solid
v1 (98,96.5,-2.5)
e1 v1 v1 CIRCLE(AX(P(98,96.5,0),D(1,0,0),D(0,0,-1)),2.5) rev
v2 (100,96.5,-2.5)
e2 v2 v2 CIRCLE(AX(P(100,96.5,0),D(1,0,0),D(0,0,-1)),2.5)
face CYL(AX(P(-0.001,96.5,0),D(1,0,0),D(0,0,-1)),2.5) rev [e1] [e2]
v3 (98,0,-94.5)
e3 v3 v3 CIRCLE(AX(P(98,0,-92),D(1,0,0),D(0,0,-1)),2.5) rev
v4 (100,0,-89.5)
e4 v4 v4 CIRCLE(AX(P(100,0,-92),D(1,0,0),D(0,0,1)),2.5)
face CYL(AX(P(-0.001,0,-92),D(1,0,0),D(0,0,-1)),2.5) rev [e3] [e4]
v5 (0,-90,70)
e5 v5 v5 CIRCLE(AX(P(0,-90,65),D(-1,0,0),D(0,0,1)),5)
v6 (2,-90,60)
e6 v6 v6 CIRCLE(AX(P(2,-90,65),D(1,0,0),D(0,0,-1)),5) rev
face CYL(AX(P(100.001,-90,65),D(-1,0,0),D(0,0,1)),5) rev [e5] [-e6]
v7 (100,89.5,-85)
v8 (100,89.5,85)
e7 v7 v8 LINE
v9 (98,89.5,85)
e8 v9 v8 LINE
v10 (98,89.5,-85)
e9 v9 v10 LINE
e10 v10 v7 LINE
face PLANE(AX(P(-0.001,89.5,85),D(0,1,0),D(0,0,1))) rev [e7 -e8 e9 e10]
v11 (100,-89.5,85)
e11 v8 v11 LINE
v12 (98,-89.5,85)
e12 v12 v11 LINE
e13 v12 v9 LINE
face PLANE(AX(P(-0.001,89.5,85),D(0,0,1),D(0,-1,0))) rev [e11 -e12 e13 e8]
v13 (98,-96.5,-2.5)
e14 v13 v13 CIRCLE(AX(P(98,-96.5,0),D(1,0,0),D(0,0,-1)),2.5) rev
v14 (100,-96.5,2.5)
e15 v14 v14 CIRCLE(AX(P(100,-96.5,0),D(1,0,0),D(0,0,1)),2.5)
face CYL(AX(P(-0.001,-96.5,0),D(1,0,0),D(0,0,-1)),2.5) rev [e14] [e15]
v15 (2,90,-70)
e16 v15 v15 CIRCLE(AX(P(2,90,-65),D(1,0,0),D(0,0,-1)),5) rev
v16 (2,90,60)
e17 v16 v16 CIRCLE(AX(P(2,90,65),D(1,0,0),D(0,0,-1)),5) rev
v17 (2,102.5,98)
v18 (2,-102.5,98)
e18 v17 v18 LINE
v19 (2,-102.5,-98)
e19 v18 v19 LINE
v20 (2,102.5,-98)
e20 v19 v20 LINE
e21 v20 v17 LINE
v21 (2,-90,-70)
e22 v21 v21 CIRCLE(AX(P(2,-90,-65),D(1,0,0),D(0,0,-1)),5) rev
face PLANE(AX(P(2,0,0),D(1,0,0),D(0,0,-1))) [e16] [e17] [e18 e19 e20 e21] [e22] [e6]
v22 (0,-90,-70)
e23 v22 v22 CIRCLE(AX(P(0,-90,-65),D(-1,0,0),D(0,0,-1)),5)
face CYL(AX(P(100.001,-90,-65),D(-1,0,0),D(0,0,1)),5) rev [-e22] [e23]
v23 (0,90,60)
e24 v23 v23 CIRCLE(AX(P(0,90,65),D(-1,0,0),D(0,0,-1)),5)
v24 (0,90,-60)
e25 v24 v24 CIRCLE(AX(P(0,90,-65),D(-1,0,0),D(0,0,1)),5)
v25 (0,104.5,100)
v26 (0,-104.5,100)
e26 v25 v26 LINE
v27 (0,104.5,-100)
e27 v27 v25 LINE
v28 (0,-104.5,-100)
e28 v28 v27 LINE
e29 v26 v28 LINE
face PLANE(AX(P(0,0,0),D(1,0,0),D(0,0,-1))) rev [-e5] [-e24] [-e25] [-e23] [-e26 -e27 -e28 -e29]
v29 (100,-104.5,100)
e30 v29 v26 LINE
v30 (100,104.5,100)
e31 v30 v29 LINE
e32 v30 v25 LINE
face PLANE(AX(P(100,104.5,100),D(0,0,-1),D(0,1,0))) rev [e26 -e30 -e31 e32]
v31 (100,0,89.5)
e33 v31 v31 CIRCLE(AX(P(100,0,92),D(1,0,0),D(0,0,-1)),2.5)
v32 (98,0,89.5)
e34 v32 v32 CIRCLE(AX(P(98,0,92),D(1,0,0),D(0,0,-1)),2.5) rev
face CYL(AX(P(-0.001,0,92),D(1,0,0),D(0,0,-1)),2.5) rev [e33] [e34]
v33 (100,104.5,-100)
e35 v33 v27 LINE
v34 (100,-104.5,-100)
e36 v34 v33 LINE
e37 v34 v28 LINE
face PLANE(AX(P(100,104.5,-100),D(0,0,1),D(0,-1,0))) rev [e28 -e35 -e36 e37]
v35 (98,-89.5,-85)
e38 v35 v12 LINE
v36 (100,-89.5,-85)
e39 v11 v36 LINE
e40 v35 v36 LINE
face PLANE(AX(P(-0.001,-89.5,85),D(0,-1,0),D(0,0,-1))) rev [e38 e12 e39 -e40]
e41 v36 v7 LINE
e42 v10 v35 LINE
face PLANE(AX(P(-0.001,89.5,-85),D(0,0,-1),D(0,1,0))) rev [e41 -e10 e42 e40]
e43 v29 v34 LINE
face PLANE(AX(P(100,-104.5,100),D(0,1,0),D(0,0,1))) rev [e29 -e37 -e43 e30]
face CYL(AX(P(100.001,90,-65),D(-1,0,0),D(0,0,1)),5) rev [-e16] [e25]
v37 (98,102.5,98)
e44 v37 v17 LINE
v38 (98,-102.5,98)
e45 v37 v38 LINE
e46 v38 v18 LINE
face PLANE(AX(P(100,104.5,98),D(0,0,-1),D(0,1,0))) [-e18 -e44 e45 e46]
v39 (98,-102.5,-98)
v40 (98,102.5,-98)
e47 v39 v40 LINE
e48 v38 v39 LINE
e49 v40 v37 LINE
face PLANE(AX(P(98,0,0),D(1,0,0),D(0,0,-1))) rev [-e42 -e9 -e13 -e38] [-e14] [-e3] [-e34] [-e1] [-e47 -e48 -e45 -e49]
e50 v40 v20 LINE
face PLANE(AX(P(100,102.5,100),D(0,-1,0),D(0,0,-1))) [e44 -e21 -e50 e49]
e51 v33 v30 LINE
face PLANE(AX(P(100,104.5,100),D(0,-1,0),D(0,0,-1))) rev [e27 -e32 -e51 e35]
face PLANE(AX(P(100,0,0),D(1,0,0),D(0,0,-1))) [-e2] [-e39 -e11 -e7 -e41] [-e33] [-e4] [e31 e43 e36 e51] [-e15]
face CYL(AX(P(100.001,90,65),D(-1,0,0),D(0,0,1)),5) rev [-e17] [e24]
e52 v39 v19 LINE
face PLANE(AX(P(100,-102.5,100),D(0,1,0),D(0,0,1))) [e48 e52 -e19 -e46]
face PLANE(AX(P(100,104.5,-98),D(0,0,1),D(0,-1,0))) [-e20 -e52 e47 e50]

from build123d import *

# Parameters (mm, degrees)
SKETCH_1_W          = 200
SKETCH_1_H          = 209
EXTRUDE_1_DEPTH     = 100
SHELL_1_T           = 2
CUT_EXTRUDE_1_REACH = 177.842
SKETCH_2_W          = 170
SKETCH_2_H          = 179
CUT_EXTRUDE_2_REACH = 177.842
SKETCH_3_R          = 2.5
CUT_EXTRUDE_3_REACH = 177.842
SKETCH_4_R          = 5


with BuildPart() as part:
    # 草图1 → 凸台-拉伸1 (new body)
    with BuildSketch(Plane(origin=(0, 0, 0), x_dir=(0, 0, -1), z_dir=(1, 0, 0))):
        Rectangle(SKETCH_1_W, SKETCH_1_H)
    extrude(amount=EXTRUDE_1_DEPTH)

    # 抽壳1 (no face opened: a closed hollow body)
    add(offset(amount=-SHELL_1_T, mode=Mode.PRIVATE), mode=Mode.SUBTRACT)

    # 草图2 → 切除-拉伸1 (cut, up to next)
    with BuildSketch(Plane(origin=(100, 0, 0), x_dir=(0, 0, -1), z_dir=(1, 0, 0)), mode=Mode.PRIVATE) as cut_extrude_1_sk1:
        Rectangle(SKETCH_2_W, SKETCH_2_H)
    cut_extrude_1_tool1 = extrude(cut_extrude_1_sk1.sketch, amount=-CUT_EXTRUDE_1_REACH, mode=Mode.PRIVATE) & part.part
    add(cut_extrude_1_tool1.solids().sort_by_distance((100, 0, 0))[0], mode=Mode.SUBTRACT)

    # 草图3 → 切除-拉伸2 (cut, up to next)
    with BuildSketch(Plane(origin=(100, 0, 0), x_dir=(0, 0, -1), z_dir=(1, 0, 0)), mode=Mode.PRIVATE) as cut_extrude_2_sk1:
        with Locations((0, 96.5)):
            Circle(SKETCH_3_R)
    cut_extrude_2_tool1 = extrude(cut_extrude_2_sk1.sketch, amount=-CUT_EXTRUDE_2_REACH, mode=Mode.PRIVATE) & part.part
    # 草图3 → 切除-拉伸2 (cut, up to next)
    with BuildSketch(Plane(origin=(100, 0, 0), x_dir=(0, 0, -1), z_dir=(1, 0, 0)), mode=Mode.PRIVATE) as cut_extrude_2_sk2:
        with Locations((-92, 0)):
            Circle(SKETCH_3_R)
    cut_extrude_2_tool2 = extrude(cut_extrude_2_sk2.sketch, amount=-CUT_EXTRUDE_2_REACH, mode=Mode.PRIVATE) & part.part
    # 草图3 → 切除-拉伸2 (cut, up to next)
    with BuildSketch(Plane(origin=(100, 0, 0), x_dir=(0, 0, -1), z_dir=(1, 0, 0)), mode=Mode.PRIVATE) as cut_extrude_2_sk3:
        with Locations((0, -96.5)):
            Circle(SKETCH_3_R)
    cut_extrude_2_tool3 = extrude(cut_extrude_2_sk3.sketch, amount=-CUT_EXTRUDE_2_REACH, mode=Mode.PRIVATE) & part.part
    # 草图3 → 切除-拉伸2 (cut, up to next)
    with BuildSketch(Plane(origin=(100, 0, 0), x_dir=(0, 0, -1), z_dir=(1, 0, 0)), mode=Mode.PRIVATE) as cut_extrude_2_sk4:
        with Locations((92, 0)):
            Circle(SKETCH_3_R)
    cut_extrude_2_tool4 = extrude(cut_extrude_2_sk4.sketch, amount=-CUT_EXTRUDE_2_REACH, mode=Mode.PRIVATE) & part.part
    add(cut_extrude_2_tool1.solids().sort_by_distance((100, 96.5, 0))[0], mode=Mode.SUBTRACT)
    add(cut_extrude_2_tool2.solids().sort_by_distance((100, 0, 92))[0], mode=Mode.SUBTRACT)
    add(cut_extrude_2_tool3.solids().sort_by_distance((100, -96.5, 0))[0], mode=Mode.SUBTRACT)
    add(cut_extrude_2_tool4.solids().sort_by_distance((100, 0, -92))[0], mode=Mode.SUBTRACT)

    # 草图4 → 切除-拉伸3 (cut, up to next)
    with BuildSketch(Plane.ZY, mode=Mode.PRIVATE) as cut_extrude_3_sk1:
        with Locations((-65, 90)):
            Circle(SKETCH_4_R)
    cut_extrude_3_tool1 = extrude(cut_extrude_3_sk1.sketch, amount=-CUT_EXTRUDE_3_REACH, mode=Mode.PRIVATE) & part.part
    # 草图4 → 切除-拉伸3 (cut, up to next)
    with BuildSketch(Plane.ZY, mode=Mode.PRIVATE) as cut_extrude_3_sk2:
        with Locations(Location((65, 90, 0), (0, 0, 180))):
            Circle(SKETCH_4_R)
    cut_extrude_3_tool2 = extrude(cut_extrude_3_sk2.sketch, amount=-CUT_EXTRUDE_3_REACH, mode=Mode.PRIVATE) & part.part
    # 草图4 → 切除-拉伸3 (cut, up to next)
    with BuildSketch(Plane.ZY, mode=Mode.PRIVATE) as cut_extrude_3_sk3:
        with Locations(Location((-65, -90, 0), (0, 0, 180))):
            Circle(SKETCH_4_R)
    cut_extrude_3_tool3 = extrude(cut_extrude_3_sk3.sketch, amount=-CUT_EXTRUDE_3_REACH, mode=Mode.PRIVATE) & part.part
    # 草图4 → 切除-拉伸3 (cut, up to next)
    with BuildSketch(Plane.ZY, mode=Mode.PRIVATE) as cut_extrude_3_sk4:
        with Locations((65, -90)):
            Circle(SKETCH_4_R)
    cut_extrude_3_tool4 = extrude(cut_extrude_3_sk4.sketch, amount=-CUT_EXTRUDE_3_REACH, mode=Mode.PRIVATE) & part.part
    add(cut_extrude_3_tool1.solids().sort_by_distance((0, 90, -65))[0], mode=Mode.SUBTRACT)
    add(cut_extrude_3_tool2.solids().sort_by_distance((0, 90, 65))[0], mode=Mode.SUBTRACT)
    add(cut_extrude_3_tool3.solids().sort_by_distance((0, -90, -65))[0], mode=Mode.SUBTRACT)
    add(cut_extrude_3_tool4.solids().sort_by_distance((0, -90, 65))[0], mode=Mode.SUBTRACT)


solid = part.part
